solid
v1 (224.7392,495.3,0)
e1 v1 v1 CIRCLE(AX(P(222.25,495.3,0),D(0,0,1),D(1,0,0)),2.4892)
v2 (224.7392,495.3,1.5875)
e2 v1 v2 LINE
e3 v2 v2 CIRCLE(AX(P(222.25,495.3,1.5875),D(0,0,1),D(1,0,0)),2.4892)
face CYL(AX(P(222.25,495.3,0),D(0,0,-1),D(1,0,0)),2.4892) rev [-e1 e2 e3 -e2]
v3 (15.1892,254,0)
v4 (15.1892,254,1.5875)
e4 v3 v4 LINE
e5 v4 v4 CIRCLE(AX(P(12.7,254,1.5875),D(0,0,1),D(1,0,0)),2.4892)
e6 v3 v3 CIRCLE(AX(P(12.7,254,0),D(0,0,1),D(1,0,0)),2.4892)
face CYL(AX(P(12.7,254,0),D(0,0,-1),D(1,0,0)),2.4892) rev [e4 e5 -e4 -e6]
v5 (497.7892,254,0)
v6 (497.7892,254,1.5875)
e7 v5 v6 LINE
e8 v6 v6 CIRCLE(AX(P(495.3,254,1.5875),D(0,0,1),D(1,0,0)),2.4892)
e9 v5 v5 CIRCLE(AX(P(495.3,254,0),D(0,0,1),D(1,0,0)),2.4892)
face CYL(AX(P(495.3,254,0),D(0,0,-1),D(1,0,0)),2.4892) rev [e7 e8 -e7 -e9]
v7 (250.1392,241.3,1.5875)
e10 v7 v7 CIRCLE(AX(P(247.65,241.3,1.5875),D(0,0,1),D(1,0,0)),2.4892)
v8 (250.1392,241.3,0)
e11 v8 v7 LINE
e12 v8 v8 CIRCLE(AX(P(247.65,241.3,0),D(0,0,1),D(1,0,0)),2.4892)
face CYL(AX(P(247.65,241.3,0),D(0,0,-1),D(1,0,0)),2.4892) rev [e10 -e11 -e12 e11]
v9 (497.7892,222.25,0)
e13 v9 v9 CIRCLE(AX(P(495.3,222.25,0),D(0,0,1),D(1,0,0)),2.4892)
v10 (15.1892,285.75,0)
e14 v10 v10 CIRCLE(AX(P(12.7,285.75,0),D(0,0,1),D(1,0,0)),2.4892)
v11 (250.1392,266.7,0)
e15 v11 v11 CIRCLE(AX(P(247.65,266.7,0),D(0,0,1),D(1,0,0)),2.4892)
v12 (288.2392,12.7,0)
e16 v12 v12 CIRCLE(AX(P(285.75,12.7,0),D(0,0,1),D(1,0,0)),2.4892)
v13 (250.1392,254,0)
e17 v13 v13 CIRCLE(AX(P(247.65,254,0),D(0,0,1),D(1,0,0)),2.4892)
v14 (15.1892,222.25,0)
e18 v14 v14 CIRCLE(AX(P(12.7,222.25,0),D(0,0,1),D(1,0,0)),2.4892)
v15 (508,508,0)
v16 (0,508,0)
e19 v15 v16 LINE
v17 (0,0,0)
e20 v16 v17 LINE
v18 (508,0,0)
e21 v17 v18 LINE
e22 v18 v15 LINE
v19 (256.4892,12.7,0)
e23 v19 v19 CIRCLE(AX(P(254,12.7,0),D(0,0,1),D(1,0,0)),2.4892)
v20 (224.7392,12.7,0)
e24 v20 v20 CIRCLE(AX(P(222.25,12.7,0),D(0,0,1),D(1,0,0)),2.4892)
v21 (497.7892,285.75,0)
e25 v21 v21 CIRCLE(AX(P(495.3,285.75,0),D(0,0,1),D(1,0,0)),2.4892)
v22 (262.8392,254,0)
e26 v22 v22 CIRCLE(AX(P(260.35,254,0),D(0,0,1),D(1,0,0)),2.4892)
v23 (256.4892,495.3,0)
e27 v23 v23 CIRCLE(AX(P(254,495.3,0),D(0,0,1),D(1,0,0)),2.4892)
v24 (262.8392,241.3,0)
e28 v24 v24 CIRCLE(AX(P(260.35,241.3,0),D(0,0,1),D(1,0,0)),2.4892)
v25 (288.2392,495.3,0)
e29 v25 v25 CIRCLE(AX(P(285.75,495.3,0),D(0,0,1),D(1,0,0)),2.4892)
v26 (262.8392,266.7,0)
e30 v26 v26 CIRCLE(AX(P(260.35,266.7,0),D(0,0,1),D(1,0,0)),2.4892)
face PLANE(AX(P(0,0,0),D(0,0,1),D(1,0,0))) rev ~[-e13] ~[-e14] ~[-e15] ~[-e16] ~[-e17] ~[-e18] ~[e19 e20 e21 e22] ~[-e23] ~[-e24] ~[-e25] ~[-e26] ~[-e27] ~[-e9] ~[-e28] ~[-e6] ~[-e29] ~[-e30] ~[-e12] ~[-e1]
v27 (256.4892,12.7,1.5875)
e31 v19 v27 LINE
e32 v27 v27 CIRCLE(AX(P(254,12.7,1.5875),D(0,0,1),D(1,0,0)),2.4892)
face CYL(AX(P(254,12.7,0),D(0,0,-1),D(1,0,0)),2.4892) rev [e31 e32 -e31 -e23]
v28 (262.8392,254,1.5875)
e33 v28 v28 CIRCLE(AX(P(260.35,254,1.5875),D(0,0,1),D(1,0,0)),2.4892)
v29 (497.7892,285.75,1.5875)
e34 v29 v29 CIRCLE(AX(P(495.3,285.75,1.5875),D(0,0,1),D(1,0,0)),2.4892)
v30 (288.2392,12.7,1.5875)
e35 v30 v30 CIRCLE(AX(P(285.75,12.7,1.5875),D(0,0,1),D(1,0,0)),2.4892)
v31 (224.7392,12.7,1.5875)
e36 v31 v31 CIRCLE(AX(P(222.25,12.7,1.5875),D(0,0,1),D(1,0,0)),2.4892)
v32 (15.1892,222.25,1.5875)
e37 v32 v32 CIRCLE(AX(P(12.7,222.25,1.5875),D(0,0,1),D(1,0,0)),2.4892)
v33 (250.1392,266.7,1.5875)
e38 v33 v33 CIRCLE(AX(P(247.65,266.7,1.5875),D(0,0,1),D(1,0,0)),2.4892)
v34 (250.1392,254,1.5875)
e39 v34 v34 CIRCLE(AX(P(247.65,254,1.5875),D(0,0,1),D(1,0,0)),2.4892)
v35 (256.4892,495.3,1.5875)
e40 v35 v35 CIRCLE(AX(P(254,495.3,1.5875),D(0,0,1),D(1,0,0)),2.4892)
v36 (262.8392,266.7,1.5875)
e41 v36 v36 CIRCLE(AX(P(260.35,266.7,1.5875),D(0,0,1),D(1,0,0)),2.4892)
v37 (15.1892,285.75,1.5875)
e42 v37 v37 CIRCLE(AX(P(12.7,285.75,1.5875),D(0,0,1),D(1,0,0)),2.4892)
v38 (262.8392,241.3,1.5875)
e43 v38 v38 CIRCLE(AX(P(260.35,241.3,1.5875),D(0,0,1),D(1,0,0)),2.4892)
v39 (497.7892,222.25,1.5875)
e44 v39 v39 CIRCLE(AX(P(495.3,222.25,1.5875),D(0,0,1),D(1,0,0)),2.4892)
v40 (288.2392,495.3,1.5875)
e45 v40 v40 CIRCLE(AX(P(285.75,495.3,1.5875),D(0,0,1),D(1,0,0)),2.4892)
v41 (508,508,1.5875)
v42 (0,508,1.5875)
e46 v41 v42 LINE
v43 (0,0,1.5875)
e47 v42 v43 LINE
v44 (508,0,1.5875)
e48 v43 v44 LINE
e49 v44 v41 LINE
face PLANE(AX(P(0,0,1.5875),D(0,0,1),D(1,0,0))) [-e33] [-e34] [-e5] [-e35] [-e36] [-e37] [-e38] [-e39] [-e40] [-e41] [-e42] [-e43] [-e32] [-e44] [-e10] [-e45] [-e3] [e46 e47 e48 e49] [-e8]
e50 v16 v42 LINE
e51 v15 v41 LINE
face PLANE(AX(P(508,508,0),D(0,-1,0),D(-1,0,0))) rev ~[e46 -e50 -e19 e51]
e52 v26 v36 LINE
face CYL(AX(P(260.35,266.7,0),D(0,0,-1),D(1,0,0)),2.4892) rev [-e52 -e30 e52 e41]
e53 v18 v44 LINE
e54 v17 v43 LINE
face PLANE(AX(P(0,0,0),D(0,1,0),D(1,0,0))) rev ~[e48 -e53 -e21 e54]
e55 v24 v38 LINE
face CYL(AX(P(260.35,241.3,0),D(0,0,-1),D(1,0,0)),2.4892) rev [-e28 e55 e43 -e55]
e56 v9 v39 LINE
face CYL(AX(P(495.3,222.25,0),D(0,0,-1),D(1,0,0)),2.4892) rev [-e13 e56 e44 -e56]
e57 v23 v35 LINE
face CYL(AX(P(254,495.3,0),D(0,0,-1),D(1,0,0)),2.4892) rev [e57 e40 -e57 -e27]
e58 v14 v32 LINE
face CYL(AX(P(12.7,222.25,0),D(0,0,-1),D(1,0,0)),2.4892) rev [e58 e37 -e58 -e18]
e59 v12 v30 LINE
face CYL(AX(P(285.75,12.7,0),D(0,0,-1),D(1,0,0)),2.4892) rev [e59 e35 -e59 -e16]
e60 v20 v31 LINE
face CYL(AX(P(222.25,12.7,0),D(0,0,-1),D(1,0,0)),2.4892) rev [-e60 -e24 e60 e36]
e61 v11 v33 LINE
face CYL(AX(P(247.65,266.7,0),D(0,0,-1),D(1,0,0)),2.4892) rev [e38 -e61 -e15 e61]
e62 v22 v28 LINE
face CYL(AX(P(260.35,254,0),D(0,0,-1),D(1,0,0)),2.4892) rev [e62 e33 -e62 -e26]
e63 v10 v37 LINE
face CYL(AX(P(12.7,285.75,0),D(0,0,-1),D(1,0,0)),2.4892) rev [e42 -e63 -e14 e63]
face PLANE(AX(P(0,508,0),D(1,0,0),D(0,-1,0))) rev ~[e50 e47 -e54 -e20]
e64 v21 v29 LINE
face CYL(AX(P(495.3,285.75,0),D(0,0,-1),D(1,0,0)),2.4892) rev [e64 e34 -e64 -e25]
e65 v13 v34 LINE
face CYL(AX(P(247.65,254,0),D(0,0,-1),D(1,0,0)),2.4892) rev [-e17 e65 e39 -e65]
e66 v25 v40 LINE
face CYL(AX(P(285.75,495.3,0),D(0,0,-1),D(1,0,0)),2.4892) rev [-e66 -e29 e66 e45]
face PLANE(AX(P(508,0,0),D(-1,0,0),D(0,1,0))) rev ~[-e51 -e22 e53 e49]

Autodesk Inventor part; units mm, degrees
ref_plane "YZ Plane" through (0, 0, 0) normal (1, 0, 0) x (0, 1, 0)
ref_plane "XZ Plane" through (0, 0, 0) normal (0, 1, 0) x (-1, 0, 0)
ref_plane "XY Plane" through (0, 0, 0) normal (0, 0, 1) x (1, 0, 0)
sketch "Sketch1" plane through (0, 0, 0) normal (0, 0, 1) x (1, 0, 0)
  line L0 (0, 0) -> (508, 0)
  line L1 (508, 0) -> (508, 508)
  line L2 (508, 508) -> (0, 508)
  line L3 (0, 508) -> (0, 0)
  line L4 (0, 254) -> (508, 254) construction
  line L5 (254, 508) -> (254, 0) construction
  line L6 (241.3, 273.05) -> (266.7, 273.05) construction
  line L7 (266.7, 273.05) -> (266.7, 234.95) construction
  line L8 (266.7, 234.95) -> (241.3, 234.95) construction
  line L9 (241.3, 234.95) -> (241.3, 273.05) construction
  circle A0 centre (247.65, 266.7) radius 2.4892
  circle A1 centre (260.35, 266.7) radius 2.4892
  circle A2 centre (247.65, 254) radius 2.4892
  circle A3 centre (260.35, 254) radius 2.4892
  circle A4 centre (247.65, 241.3) radius 2.4892
  circle A5 centre (260.35, 241.3) radius 2.4892
  line L10 (0, 215.9) -> (19.05, 215.9) construction
  line L11 (19.05, 215.9) -> (19.05, 292.1) construction
  line L12 (19.05, 292.1) -> (0, 292.1) construction
  line L13 (0, 292.1) -> (0, 215.9) construction
  circle A6 centre (12.7, 285.75) radius 2.4892
  circle A7 centre (12.7, 222.25) radius 2.4892
  circle A8 centre (12.7, 254) radius 2.4892
  circle A9 centre (222.25, 12.7) radius 2.4892
  circle A10 centre (285.75, 12.7) radius 2.4892
  circle A11 centre (254, 12.7) radius 2.4892
  circle A12 centre (495.3, 222.25) radius 2.4892
  circle A13 centre (495.3, 285.75) radius 2.4892
  circle A14 centre (495.3, 254) radius 2.4892
  circle A15 centre (285.75, 495.3) radius 2.4892
  circle A16 centre (222.25, 495.3) radius 2.4892
  circle A17 centre (254, 495.3) radius 2.4892
  point P0 (254, 254)
  dimension "d0" = 508
  dimension "d1" = 508
  dimension "d18" = 25.4
  dimension "d19" = 38.1
  dimension "d20" = 4.9784
  dimension "d21" = 6.35
  dimension "d22" = 6.35
  dimension "d25" = 12.7
  dimension "d28" = 12.7
  dimension "d31" = 19.05
  dimension "d32" = 76.2
  dimension "d33" = 4.9784
  dimension "d34" = 6.35
  dimension "d35" = 6.35
  dimension "d36" = 6.35
  dimension "d39" = 360
extrude "Extrusion1" add sketch "Sketch1" along normal blind 1.5875
properties part number "Back Funnel Piece" material "Polycarbonate, Clear"
